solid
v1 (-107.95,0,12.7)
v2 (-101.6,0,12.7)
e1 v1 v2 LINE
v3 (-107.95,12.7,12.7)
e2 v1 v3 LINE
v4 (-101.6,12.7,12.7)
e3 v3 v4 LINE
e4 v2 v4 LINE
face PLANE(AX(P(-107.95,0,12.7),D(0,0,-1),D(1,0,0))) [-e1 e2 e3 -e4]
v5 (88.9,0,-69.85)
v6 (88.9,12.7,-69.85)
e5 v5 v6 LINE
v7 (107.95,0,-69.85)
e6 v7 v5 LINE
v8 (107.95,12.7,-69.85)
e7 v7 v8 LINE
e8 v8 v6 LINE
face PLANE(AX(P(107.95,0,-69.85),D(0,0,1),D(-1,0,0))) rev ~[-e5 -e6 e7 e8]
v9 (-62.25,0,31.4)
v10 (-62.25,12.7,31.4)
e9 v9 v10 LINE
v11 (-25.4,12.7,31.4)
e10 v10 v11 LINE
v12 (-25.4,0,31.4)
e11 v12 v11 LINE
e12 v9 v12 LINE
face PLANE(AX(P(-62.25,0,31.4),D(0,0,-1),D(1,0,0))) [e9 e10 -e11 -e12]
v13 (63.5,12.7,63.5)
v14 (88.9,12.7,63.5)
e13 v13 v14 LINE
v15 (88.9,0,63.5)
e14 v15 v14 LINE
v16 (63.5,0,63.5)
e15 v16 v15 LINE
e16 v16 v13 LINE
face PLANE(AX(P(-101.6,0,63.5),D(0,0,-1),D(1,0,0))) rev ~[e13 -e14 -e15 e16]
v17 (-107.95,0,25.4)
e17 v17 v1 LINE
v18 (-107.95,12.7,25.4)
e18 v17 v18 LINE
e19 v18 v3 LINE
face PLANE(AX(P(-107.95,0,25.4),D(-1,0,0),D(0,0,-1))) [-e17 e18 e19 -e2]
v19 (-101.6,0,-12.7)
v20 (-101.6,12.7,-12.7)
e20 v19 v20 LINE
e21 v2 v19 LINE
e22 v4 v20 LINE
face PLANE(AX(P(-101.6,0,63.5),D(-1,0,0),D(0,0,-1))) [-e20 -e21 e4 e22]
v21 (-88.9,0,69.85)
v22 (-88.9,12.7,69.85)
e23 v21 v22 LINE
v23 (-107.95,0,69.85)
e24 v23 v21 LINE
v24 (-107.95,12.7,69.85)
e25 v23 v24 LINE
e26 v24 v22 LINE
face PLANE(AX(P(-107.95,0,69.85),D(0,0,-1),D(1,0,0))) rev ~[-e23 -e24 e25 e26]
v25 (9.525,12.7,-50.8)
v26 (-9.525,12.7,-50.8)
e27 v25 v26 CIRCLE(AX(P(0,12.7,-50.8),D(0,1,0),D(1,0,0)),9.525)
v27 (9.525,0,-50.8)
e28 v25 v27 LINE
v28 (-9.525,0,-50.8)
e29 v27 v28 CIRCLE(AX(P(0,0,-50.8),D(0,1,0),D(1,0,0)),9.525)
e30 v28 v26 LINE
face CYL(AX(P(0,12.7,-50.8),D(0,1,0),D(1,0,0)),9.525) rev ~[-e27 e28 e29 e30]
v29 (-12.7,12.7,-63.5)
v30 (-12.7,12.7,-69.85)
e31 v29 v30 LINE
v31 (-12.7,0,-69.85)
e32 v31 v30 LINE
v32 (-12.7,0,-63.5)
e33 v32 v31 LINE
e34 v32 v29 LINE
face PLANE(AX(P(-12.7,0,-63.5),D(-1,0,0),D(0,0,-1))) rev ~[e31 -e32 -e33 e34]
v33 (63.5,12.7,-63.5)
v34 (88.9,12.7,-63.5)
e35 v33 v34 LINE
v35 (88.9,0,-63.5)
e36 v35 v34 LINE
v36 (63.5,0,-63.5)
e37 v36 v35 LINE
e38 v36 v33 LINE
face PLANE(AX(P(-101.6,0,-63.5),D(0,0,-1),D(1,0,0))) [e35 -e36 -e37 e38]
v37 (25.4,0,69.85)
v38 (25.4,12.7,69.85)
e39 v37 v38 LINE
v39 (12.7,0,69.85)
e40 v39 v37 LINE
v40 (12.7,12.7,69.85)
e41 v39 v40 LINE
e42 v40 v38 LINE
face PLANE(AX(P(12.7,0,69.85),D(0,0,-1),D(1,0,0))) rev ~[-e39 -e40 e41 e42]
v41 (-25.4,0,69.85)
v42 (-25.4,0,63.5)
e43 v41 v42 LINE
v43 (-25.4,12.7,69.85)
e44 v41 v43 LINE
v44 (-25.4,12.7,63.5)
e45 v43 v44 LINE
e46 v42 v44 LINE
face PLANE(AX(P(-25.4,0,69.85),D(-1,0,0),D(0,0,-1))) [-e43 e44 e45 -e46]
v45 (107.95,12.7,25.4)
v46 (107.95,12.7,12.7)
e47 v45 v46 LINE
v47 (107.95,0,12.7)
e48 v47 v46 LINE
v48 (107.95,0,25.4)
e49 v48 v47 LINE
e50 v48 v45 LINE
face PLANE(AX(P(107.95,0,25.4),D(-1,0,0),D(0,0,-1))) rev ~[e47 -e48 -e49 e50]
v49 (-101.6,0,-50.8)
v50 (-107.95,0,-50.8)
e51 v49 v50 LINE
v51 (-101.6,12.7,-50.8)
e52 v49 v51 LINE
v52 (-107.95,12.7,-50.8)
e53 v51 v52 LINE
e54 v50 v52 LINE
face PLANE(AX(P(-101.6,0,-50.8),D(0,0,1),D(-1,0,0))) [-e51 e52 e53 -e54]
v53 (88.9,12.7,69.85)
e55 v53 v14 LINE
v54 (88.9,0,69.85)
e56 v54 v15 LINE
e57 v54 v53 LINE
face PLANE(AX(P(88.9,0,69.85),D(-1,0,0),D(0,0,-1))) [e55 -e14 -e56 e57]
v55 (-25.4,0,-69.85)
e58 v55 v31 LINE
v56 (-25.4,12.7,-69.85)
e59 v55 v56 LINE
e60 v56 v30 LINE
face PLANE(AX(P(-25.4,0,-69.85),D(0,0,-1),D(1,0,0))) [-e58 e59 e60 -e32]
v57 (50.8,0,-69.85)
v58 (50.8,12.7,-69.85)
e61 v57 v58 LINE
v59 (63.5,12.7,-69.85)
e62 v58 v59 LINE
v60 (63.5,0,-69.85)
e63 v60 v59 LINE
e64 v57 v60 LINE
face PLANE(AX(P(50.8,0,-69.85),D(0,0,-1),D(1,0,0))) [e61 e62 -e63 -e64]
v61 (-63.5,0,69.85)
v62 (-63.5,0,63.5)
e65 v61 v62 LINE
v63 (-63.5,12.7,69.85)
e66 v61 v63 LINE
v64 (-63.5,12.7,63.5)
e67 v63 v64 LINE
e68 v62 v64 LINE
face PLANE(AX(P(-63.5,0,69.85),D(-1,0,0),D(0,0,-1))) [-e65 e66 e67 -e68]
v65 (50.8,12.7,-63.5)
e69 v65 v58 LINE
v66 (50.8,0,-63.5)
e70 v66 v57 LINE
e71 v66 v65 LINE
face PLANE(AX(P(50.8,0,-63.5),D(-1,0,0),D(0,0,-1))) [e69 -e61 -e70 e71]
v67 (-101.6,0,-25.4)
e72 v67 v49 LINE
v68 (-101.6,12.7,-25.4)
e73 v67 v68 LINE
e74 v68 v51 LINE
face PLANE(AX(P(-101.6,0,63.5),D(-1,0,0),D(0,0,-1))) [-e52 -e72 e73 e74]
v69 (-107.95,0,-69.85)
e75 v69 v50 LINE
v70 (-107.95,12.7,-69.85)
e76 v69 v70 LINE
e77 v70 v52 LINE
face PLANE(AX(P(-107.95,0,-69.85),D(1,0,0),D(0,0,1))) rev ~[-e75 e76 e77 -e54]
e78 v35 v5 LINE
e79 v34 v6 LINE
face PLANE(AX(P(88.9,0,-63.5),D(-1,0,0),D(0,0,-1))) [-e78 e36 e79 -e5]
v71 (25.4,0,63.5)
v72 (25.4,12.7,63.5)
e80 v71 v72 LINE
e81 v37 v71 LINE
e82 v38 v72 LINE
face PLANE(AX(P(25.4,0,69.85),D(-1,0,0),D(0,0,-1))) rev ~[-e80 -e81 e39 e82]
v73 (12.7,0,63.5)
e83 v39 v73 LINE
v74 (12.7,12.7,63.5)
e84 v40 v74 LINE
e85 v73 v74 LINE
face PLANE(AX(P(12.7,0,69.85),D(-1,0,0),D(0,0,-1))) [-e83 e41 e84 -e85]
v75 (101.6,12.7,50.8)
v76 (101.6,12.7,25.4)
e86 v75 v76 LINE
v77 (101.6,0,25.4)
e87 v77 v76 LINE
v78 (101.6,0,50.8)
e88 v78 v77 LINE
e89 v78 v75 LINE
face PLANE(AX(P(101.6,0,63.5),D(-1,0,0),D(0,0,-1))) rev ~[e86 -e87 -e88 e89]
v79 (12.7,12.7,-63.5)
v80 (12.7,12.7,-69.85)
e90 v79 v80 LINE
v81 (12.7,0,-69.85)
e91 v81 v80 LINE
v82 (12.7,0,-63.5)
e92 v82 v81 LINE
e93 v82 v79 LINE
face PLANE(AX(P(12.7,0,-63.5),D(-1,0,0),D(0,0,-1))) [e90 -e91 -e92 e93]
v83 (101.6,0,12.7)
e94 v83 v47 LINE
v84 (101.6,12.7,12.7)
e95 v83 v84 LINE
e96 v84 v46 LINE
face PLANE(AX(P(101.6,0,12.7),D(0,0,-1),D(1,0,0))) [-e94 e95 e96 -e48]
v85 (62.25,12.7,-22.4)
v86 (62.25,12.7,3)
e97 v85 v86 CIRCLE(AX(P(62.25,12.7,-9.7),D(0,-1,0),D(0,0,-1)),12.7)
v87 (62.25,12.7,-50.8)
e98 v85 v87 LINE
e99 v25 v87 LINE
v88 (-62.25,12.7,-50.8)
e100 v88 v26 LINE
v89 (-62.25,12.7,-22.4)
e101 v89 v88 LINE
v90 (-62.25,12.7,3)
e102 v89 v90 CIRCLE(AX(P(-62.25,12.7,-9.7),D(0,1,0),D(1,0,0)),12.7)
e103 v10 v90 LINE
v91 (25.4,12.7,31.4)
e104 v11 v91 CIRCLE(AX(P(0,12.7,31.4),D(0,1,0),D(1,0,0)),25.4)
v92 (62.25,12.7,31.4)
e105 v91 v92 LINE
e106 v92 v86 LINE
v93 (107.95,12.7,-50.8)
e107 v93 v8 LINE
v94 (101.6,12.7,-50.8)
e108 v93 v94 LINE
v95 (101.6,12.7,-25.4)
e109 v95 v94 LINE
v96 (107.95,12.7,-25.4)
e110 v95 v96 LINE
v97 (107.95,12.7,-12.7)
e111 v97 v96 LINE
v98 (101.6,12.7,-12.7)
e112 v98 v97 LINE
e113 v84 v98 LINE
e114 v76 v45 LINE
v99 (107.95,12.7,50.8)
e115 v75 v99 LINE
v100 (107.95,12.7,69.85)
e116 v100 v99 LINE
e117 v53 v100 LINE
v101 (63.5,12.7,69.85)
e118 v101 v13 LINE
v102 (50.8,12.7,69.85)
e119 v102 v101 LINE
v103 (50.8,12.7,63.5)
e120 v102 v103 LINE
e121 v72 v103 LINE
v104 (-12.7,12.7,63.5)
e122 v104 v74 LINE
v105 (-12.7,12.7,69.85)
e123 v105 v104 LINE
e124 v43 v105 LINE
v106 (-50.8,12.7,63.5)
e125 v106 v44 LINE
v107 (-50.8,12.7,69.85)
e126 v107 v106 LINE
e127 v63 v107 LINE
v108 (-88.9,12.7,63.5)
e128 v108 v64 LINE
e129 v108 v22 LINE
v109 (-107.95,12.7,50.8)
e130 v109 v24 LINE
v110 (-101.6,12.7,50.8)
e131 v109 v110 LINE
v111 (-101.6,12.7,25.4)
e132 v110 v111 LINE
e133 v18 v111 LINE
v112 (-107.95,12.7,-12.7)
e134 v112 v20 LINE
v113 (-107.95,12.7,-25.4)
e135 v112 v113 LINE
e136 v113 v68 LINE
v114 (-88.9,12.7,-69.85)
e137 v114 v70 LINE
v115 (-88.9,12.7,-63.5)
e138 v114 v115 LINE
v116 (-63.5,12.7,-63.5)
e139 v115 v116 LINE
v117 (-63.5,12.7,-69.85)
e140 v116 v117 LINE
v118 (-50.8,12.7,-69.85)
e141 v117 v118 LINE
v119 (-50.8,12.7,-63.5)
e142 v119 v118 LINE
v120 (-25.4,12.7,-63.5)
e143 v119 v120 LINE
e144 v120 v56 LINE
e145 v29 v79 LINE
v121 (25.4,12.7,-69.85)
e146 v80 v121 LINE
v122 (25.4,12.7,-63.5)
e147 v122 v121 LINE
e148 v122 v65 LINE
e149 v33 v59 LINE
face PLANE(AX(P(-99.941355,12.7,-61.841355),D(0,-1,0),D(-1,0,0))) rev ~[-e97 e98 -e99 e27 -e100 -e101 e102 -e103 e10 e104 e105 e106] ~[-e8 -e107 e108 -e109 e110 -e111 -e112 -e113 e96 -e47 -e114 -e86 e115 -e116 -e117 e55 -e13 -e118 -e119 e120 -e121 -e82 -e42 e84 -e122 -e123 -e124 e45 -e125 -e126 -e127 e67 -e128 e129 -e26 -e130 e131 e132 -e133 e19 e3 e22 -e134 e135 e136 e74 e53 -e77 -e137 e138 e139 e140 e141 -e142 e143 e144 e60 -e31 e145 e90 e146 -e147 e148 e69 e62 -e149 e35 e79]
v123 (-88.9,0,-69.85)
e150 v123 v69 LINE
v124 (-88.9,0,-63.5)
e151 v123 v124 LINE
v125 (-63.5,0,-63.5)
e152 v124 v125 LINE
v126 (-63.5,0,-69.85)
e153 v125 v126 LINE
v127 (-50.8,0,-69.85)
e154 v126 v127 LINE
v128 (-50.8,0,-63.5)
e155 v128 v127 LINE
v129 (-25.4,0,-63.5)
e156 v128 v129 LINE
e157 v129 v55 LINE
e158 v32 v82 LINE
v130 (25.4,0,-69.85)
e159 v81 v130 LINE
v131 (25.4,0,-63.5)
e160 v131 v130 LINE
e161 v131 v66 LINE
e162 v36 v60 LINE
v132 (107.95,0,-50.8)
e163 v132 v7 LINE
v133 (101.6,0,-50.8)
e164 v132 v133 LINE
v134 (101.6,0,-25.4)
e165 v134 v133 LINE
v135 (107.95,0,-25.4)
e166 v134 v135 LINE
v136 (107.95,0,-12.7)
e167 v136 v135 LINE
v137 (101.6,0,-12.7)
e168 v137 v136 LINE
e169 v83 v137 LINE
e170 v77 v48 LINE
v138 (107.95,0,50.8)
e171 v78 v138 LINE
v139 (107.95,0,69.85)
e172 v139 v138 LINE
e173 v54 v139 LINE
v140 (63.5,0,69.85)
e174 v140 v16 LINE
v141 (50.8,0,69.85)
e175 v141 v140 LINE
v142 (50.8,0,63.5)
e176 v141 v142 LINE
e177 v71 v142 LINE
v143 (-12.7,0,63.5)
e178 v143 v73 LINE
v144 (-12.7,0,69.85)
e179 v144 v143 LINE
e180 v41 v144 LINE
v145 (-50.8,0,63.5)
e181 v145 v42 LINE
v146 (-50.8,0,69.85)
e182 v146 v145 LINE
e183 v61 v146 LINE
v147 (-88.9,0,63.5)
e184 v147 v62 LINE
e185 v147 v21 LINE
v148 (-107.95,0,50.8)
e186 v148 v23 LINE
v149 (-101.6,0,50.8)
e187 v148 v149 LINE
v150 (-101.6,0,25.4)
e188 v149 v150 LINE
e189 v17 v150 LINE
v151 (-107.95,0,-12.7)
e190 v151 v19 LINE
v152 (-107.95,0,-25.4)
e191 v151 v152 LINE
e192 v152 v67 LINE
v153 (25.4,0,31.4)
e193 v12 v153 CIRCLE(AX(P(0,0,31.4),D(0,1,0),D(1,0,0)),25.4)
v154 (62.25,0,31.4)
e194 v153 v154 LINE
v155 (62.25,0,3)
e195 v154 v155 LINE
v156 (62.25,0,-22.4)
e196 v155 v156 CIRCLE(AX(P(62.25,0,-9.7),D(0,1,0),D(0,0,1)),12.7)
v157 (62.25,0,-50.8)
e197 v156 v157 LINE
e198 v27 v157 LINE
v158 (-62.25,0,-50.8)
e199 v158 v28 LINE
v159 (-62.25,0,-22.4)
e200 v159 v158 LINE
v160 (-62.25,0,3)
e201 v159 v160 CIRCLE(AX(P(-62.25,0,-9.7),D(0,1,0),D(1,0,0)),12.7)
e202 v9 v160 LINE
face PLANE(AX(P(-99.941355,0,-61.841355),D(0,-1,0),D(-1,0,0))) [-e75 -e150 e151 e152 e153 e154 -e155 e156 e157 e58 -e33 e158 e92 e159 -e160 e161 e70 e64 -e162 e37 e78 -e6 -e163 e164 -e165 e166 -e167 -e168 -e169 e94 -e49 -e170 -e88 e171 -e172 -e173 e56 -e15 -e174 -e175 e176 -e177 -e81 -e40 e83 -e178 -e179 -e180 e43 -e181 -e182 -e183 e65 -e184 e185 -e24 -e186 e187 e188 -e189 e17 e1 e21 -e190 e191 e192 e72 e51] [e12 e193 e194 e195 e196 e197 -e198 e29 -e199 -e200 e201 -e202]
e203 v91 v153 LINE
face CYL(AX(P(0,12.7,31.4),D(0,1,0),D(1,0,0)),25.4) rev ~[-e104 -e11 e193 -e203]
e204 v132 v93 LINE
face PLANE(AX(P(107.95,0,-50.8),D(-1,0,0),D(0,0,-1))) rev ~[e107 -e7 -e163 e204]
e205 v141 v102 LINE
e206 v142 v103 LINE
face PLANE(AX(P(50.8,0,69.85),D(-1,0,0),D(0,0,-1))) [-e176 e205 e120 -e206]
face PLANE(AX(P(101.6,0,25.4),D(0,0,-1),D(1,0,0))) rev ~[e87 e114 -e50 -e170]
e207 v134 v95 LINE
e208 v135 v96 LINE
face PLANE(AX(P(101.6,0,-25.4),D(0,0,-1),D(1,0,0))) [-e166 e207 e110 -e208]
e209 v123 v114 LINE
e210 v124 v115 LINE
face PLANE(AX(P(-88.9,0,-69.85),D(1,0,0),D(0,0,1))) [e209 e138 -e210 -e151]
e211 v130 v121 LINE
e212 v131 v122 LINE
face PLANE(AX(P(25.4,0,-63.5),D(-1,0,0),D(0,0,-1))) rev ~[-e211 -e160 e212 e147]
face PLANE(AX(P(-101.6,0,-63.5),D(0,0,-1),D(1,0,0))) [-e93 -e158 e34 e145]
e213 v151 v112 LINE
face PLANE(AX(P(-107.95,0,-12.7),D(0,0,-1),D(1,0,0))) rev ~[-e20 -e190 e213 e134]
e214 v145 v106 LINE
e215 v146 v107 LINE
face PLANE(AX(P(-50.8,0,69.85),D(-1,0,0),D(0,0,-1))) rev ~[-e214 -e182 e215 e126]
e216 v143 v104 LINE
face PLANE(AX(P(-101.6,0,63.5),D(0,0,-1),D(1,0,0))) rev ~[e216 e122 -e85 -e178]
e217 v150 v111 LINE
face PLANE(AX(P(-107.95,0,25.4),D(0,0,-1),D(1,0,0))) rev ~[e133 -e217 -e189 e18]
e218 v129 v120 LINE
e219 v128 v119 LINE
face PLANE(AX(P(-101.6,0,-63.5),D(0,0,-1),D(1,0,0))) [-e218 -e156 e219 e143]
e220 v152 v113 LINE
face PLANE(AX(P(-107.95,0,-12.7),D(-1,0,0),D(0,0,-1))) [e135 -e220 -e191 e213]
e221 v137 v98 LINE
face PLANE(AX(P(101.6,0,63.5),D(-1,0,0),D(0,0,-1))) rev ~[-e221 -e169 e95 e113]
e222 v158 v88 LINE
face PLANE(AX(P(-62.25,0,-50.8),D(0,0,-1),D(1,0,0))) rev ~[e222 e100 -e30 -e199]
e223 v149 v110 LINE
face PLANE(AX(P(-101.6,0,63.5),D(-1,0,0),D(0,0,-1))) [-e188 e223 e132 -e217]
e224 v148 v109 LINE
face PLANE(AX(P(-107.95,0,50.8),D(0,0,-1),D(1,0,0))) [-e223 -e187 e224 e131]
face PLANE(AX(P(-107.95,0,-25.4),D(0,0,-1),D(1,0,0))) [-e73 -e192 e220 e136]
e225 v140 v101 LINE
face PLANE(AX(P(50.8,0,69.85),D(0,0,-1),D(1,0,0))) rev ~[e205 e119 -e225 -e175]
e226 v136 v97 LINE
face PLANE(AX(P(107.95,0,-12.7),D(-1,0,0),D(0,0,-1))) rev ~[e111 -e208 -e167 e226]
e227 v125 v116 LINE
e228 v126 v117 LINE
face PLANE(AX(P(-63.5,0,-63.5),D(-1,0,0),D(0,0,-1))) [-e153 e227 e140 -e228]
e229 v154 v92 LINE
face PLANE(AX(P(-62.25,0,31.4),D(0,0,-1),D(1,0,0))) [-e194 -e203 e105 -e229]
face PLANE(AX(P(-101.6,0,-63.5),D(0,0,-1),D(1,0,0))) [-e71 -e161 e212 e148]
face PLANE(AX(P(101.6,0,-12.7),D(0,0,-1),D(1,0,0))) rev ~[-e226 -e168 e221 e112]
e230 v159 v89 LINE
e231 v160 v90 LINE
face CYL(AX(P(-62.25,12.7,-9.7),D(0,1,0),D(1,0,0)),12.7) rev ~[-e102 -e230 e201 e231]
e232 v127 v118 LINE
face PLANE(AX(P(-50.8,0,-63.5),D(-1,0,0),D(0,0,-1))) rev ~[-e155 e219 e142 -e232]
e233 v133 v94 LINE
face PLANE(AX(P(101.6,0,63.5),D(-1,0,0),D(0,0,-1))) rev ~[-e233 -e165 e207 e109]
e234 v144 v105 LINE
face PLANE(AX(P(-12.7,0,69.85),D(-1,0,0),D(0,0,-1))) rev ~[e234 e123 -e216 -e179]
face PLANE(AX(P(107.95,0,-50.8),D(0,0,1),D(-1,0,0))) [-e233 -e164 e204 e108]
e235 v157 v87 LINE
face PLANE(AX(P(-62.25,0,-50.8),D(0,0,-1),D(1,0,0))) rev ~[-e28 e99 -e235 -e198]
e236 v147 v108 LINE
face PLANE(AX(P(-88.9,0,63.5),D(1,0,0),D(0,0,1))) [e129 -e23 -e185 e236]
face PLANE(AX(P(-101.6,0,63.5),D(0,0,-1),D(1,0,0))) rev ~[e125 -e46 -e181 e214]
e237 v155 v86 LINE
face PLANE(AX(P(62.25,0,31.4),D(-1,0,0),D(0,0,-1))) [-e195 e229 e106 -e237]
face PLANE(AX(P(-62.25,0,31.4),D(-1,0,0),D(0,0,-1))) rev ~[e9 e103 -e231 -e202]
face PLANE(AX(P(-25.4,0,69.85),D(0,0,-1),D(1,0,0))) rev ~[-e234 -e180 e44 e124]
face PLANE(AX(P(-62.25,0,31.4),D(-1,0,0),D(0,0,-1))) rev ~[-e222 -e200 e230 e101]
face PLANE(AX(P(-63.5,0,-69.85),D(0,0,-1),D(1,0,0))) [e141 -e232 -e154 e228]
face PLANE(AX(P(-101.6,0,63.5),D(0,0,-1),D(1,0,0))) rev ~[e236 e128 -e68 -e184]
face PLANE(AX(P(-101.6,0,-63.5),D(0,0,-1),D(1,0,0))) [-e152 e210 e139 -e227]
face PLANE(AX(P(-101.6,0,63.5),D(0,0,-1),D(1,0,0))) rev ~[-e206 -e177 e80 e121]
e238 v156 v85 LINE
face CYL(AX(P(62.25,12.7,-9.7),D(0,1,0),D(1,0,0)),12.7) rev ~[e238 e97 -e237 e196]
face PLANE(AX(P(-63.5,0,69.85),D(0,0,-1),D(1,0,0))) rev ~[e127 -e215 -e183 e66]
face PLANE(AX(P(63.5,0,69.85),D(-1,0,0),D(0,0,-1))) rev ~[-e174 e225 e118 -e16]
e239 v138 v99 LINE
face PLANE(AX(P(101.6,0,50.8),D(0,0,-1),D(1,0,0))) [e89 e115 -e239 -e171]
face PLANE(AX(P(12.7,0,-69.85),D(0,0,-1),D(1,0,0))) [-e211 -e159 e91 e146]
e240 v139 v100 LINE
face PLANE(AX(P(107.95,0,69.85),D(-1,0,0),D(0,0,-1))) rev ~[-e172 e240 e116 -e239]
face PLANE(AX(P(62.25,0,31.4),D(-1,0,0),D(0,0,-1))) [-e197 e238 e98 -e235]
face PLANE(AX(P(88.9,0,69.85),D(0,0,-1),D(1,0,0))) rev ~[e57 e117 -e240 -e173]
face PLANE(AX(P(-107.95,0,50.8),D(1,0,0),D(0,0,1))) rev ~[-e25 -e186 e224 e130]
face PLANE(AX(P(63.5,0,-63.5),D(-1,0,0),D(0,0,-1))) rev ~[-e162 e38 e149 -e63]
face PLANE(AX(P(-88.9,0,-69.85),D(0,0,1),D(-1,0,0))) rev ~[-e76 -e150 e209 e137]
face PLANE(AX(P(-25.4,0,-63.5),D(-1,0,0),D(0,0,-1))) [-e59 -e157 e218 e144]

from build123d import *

# Parameters (mm, degrees)
SKETCH7_W           = 203.2
SKETCH7_H           = 127
SKETCH7_W_2         = 124.5
SKETCH7_H_2         = 82.199999938
BOSS_EXTRUDE4_DEPTH = 12.7
SKETCH8_W           = 12.7
SKETCH8_H           = 6.35
SKETCH8_W_2         = 6.35
SKETCH8_H_2         = 12.7
BOSS_EXTRUDE5_DEPTH = 12.7
SKETCH10_R          = 9.525
SKETCH10_R_2        = 12.7
SKETCH10_R_3        = 25.4
CUT_EXTRUDE1_DEPTH  = 130.203386179


with BuildPart() as part:
    # Sketch7 → Boss-Extrude4 (new body)
    with BuildSketch(Plane(origin=(0, 0, 0), x_dir=(1, 0, 0), z_dir=(0, 1, 0))):
        Rectangle(SKETCH7_W, SKETCH7_H)
        with Locations((0, 9.700000031)):
            Rectangle(SKETCH7_W_2, SKETCH7_H_2, mode=Mode.SUBTRACT)
    extrude(amount=BOSS_EXTRUDE4_DEPTH)

    # Sketch8 → Boss-Extrude5 (add)
    with BuildSketch(Plane(origin=(0, 0, 0), x_dir=(1, 0, 0), z_dir=(0, 1, 0))):
        Polygon((-101.6, 69.85), (-88.9, 69.85), (-88.9, 63.5), (-101.6, 50.8), (-107.95, 50.8), (-107.95, 63.5), (-107.95, 69.85), align=None)
        with Locations((-57.15, 66.675)):
            Rectangle(SKETCH8_W, SKETCH8_H)
        with Locations((-19.05, 66.675)):
            Rectangle(SKETCH8_W, SKETCH8_H)
        with Locations((19.05, 66.675)):
            Rectangle(SKETCH8_W, SKETCH8_H)
        with Locations((57.15, 66.675)):
            Rectangle(SKETCH8_W, SKETCH8_H)
        with Locations((-104.775, 19.05)):
            Rectangle(SKETCH8_W_2, SKETCH8_H_2)
        with Locations((-104.775, -19.05)):
            Rectangle(SKETCH8_W_2, SKETCH8_H_2)
        Polygon((-101.6, -50.8), (-88.9, -63.5), (-88.9, -69.85), (-101.6, -69.85), (-107.95, -69.85), (-107.95, -63.5), (-107.95, -50.8), align=None)
        Polygon((101.6, 50.8), (88.9, 63.5), (88.9, 69.85), (101.6, 69.85), (107.95, 69.85), (107.95, 63.5), (107.95, 50.8), align=None)
        Polygon((101.6, -69.85), (88.9, -69.85), (88.9, -63.5), (101.6, -50.8), (107.95, -50.8), (107.95, -63.5), (107.95, -69.85), align=None)
        with Locations((104.775, -19.05)):
            Rectangle(SKETCH8_W_2, SKETCH8_H_2)
        with Locations((104.775, 19.05)):
            Rectangle(SKETCH8_W_2, SKETCH8_H_2)
        with Locations((57.15, -66.675)):
            Rectangle(SKETCH8_W, SKETCH8_H)
        with Locations((19.05, -66.675)):
            Rectangle(SKETCH8_W, SKETCH8_H)
        with Locations((-19.05, -66.675)):
            Rectangle(SKETCH8_W, SKETCH8_H)
        with Locations((-57.15, -66.675)):
            Rectangle(SKETCH8_W, SKETCH8_H)
    extrude(amount=BOSS_EXTRUDE5_DEPTH)

    # Sketch10 → Cut-Extrude1 (cut, through all)
    with BuildSketch(Plane(origin=(0, 12.7, 0), x_dir=(1, 0, 0), z_dir=(0, 1, 0))):
        with Locations((0, 50.8)):
            Circle(SKETCH10_R)
        with Locations((-62.25, 9.700000031)):
            Circle(SKETCH10_R_2)
        with Locations((0, -31.399999938)):
            Circle(SKETCH10_R_3)
        with Locations((62.25, 9.700000031)):
            Circle(SKETCH10_R_2)
    extrude(amount=-CUT_EXTRUDE1_DEPTH, mode=Mode.SUBTRACT)


solid = part.part
